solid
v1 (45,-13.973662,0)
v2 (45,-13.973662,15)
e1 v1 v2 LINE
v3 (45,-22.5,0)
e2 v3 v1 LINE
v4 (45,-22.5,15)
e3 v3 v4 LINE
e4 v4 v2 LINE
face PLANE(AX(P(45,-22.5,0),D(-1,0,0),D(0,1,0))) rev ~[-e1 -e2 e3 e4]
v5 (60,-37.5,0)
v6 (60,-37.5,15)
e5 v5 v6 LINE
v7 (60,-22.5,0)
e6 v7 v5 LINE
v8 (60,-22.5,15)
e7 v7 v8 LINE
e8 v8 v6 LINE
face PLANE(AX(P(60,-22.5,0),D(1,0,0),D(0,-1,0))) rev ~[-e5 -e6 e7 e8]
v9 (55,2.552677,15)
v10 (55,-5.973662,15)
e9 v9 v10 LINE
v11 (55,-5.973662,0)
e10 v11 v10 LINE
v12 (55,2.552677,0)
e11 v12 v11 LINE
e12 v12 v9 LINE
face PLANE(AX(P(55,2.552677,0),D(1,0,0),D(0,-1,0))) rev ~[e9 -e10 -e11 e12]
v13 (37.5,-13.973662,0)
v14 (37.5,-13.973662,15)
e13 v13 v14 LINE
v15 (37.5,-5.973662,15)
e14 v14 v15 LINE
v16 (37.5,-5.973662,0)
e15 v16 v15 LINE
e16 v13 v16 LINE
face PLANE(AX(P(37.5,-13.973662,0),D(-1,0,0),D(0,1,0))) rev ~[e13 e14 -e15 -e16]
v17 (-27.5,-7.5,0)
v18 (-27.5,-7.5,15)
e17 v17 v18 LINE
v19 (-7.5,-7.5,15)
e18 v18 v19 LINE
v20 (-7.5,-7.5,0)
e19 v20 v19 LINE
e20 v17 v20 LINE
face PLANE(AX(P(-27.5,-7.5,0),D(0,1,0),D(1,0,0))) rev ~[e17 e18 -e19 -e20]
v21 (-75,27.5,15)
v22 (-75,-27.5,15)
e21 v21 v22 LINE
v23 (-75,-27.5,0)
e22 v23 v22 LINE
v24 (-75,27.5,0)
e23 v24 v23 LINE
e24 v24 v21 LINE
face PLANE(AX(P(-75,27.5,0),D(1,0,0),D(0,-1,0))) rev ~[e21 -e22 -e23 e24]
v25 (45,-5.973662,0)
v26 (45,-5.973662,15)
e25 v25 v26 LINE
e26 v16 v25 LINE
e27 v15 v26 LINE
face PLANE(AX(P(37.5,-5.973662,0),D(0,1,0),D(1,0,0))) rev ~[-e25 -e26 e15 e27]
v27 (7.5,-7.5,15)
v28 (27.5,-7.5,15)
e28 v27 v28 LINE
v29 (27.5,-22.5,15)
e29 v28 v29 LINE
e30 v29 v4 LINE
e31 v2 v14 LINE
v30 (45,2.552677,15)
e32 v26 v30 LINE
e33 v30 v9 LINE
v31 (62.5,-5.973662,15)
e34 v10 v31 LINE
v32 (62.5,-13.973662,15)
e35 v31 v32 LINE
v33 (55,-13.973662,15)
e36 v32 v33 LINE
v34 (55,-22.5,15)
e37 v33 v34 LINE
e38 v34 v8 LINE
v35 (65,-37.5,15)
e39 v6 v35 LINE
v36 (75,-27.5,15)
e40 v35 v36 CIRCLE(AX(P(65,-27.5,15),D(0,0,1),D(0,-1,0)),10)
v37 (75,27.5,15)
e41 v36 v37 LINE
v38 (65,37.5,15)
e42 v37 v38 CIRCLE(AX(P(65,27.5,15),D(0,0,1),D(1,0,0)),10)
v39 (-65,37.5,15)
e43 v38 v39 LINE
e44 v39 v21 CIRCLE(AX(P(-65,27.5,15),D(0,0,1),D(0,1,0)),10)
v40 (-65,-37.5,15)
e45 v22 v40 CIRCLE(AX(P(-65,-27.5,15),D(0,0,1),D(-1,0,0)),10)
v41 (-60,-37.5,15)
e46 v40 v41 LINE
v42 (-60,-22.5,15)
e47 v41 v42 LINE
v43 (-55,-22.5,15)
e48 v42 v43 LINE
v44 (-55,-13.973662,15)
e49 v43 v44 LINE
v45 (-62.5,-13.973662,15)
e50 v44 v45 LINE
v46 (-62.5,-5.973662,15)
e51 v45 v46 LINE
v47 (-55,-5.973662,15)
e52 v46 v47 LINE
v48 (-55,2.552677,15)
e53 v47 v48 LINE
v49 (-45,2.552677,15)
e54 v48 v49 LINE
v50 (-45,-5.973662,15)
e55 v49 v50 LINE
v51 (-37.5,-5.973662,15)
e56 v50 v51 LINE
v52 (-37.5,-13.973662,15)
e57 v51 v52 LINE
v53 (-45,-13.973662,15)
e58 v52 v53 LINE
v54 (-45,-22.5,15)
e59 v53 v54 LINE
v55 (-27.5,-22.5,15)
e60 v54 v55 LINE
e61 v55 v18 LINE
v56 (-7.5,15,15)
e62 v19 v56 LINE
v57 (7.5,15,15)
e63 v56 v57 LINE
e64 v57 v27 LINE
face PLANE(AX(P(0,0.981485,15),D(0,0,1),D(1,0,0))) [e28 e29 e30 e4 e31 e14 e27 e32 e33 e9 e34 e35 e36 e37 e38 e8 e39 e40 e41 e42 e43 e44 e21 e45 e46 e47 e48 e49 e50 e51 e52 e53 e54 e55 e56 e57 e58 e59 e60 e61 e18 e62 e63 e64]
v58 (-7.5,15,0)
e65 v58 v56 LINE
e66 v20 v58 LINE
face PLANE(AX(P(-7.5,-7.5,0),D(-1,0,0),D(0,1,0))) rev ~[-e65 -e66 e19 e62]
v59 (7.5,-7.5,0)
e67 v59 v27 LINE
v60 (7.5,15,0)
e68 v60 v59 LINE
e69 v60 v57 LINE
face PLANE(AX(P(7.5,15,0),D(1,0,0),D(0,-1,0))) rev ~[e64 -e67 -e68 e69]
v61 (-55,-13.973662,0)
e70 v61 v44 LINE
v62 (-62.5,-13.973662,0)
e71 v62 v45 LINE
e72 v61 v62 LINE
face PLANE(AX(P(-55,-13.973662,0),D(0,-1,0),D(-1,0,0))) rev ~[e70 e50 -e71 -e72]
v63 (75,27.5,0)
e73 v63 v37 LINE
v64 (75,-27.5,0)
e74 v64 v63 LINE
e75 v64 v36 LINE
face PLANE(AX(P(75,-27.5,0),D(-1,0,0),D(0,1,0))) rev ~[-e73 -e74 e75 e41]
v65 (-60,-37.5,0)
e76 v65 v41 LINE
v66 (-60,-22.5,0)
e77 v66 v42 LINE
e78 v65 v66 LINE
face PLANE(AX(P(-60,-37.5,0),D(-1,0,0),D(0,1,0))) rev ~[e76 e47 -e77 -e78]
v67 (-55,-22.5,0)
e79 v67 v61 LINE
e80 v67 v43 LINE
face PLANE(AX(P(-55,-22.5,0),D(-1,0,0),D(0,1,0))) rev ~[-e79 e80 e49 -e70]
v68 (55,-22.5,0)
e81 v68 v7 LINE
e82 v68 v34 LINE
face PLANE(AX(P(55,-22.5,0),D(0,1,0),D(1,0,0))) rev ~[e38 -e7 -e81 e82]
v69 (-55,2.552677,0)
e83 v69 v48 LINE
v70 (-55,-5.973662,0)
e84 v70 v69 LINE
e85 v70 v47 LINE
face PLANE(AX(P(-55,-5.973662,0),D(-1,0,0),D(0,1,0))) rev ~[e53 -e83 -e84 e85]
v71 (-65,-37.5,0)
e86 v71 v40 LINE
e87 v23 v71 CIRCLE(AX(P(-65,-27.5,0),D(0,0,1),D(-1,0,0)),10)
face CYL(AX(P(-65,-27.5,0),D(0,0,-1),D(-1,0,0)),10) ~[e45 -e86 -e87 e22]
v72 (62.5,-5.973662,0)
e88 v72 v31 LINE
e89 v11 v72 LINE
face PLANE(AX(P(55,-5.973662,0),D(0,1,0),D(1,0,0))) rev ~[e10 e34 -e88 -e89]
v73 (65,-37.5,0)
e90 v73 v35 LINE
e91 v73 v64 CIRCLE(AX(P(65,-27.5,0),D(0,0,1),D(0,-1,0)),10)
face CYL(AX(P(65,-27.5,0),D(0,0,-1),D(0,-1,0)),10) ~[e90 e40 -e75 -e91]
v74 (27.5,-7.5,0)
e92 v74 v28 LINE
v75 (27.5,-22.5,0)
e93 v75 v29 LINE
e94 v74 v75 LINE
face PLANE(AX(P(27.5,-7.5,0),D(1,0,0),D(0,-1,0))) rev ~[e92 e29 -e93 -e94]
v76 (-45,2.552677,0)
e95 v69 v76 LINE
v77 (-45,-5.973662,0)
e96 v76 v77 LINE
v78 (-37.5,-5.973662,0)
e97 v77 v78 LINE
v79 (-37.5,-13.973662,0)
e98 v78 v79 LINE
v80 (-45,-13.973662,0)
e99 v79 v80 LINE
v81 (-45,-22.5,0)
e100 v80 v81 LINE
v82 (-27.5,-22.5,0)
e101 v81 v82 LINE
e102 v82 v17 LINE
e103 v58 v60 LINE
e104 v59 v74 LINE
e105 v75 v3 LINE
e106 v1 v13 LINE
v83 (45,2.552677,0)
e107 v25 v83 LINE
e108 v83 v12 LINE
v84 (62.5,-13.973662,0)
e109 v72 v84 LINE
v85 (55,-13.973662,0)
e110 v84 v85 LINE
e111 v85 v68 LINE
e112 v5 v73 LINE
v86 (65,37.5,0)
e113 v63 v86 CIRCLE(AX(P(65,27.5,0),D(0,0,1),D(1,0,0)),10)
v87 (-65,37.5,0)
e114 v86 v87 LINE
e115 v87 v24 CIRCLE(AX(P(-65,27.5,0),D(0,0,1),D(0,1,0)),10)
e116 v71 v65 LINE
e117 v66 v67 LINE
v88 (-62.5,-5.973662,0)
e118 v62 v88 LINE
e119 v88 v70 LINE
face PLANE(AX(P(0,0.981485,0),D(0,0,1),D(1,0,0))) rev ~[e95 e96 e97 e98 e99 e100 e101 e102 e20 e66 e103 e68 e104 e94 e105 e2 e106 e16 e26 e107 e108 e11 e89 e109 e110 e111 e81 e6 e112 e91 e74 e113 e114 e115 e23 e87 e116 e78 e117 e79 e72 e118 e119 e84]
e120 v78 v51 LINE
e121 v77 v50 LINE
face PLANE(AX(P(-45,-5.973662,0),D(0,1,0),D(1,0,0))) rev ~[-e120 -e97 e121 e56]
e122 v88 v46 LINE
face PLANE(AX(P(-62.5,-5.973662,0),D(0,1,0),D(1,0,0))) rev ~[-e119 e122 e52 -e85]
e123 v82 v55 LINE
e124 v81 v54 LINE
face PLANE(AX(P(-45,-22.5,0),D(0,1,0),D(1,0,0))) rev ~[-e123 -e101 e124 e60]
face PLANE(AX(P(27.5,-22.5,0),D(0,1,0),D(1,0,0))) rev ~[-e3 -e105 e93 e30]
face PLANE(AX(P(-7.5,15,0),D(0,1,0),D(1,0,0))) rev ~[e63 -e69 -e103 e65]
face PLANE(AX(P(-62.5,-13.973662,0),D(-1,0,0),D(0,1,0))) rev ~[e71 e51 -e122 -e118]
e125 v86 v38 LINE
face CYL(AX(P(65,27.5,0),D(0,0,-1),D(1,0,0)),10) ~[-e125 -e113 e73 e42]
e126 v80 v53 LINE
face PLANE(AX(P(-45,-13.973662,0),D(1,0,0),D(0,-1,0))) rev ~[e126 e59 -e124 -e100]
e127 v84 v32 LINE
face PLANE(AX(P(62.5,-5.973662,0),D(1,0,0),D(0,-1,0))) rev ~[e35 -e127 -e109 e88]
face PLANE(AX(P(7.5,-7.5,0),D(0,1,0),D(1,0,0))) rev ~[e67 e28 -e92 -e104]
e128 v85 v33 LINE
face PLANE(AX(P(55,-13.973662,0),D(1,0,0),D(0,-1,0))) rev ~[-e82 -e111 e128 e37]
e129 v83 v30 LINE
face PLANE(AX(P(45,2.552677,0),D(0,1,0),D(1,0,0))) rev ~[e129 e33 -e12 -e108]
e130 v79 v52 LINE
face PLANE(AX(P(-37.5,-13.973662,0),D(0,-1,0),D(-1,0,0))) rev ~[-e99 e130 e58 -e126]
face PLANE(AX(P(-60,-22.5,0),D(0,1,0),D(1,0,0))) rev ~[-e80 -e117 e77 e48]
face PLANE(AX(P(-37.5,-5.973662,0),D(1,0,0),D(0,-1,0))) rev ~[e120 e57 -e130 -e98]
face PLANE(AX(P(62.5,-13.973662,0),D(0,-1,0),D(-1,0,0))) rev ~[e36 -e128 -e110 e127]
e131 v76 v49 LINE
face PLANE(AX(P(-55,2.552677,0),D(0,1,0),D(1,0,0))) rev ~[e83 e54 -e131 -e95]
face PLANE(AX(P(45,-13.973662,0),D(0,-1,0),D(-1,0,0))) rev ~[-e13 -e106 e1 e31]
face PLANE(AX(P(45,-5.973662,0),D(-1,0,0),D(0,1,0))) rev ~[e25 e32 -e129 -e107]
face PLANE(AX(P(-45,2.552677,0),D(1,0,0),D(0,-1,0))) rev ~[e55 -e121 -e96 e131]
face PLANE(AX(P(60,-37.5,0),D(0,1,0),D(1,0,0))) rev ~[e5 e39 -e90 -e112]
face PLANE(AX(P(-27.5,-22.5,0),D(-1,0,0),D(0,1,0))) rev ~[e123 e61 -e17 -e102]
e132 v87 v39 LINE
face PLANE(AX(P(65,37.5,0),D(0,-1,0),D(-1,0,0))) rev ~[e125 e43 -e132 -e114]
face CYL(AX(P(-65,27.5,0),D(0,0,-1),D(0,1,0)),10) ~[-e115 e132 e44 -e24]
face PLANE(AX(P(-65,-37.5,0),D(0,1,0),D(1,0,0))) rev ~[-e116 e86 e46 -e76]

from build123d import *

# Parameters (mm, degrees)
BOSS_EXTRU_1_DEPTH = 15


with BuildPart() as part:
    # Esquisse1 → Boss.-Extru.1 (new body)
    with BuildSketch(Plane.XY):
        with BuildLine():
            Line((65, 37.5), (-65, 37.5))
            ThreePointArc((-65, 37.5), (-72.071067812, 34.571067812), (-75, 27.5))
            Line((-75, 27.5), (-75, -27.5))
            ThreePointArc((-75, -27.5), (-72.071067812, -34.571067812), (-65, -37.5))
            Line((-65, -37.5), (-60, -37.5))
            Line((-60, -37.5), (-60, -22.5))
            Line((-60, -22.5), (-55, -22.5))
            Line((-55, -22.5), (-55, -13.973661668))
            Line((-55, -13.973661668), (-62.5, -13.973661668))
            Line((-62.5, -13.973661668), (-62.5, -5.973661668))
            Line((-62.5, -5.973661668), (-55, -5.973661668))
            Line((-55, -5.973661668), (-55, 2.552676663))
            Line((-55, 2.552676663), (-45, 2.552676663))
            Line((-45, 2.552676663), (-45, -5.973661668))
            Line((-45, -5.973661668), (-37.5, -5.973661668))
            Line((-37.5, -5.973661668), (-37.5, -13.973661668))
            Line((-37.5, -13.973661668), (-45, -13.973661668))
            Line((-45, -13.973661668), (-45, -22.5))
            Line((-45, -22.5), (-27.5, -22.5))
            Line((-27.5, -22.5), (-27.5, -7.5))
            Line((-27.5, -7.5), (-7.5, -7.5))
            Line((-7.5, -7.5), (-7.5, 15))
            Line((-7.5, 15), (7.5, 15))
            Line((7.5, 15), (7.5, -7.5))
            Line((7.5, -7.5), (27.5, -7.5))
            Line((27.5, -7.5), (27.5, -22.5))
            Line((27.5, -22.5), (45, -22.5))
            Line((45, -22.5), (45, -13.973661668))
            Line((45, -13.973661668), (37.5, -13.973661668))
            Line((37.5, -13.973661668), (37.5, -5.973661668))
            Line((37.5, -5.973661668), (45, -5.973661668))
            Line((45, -5.973661668), (45, 2.552676663))
            Line((45, 2.552676663), (55, 2.552676663))
            Line((55, 2.552676663), (55, -5.973661668))
            Line((55, -5.973661668), (62.5, -5.973661668))
            Line((62.5, -5.973661668), (62.5, -13.973661668))
            Line((62.5, -13.973661668), (55, -13.973661668))
            Line((55, -13.973661668), (55, -22.5))
            Line((55, -22.5), (60, -22.5))
            Line((60, -22.5), (60, -37.5))
            Line((60, -37.5), (65, -37.5))
            ThreePointArc((65, -37.5), (72.071067812, -34.571067812), (75, -27.5))
            Line((75, -27.5), (75, 27.5))
            ThreePointArc((75, 27.5), (72.071067812, 34.571067812), (65, 37.5))
        make_face()
    extrude(amount=BOSS_EXTRU_1_DEPTH)


solid = part.part
